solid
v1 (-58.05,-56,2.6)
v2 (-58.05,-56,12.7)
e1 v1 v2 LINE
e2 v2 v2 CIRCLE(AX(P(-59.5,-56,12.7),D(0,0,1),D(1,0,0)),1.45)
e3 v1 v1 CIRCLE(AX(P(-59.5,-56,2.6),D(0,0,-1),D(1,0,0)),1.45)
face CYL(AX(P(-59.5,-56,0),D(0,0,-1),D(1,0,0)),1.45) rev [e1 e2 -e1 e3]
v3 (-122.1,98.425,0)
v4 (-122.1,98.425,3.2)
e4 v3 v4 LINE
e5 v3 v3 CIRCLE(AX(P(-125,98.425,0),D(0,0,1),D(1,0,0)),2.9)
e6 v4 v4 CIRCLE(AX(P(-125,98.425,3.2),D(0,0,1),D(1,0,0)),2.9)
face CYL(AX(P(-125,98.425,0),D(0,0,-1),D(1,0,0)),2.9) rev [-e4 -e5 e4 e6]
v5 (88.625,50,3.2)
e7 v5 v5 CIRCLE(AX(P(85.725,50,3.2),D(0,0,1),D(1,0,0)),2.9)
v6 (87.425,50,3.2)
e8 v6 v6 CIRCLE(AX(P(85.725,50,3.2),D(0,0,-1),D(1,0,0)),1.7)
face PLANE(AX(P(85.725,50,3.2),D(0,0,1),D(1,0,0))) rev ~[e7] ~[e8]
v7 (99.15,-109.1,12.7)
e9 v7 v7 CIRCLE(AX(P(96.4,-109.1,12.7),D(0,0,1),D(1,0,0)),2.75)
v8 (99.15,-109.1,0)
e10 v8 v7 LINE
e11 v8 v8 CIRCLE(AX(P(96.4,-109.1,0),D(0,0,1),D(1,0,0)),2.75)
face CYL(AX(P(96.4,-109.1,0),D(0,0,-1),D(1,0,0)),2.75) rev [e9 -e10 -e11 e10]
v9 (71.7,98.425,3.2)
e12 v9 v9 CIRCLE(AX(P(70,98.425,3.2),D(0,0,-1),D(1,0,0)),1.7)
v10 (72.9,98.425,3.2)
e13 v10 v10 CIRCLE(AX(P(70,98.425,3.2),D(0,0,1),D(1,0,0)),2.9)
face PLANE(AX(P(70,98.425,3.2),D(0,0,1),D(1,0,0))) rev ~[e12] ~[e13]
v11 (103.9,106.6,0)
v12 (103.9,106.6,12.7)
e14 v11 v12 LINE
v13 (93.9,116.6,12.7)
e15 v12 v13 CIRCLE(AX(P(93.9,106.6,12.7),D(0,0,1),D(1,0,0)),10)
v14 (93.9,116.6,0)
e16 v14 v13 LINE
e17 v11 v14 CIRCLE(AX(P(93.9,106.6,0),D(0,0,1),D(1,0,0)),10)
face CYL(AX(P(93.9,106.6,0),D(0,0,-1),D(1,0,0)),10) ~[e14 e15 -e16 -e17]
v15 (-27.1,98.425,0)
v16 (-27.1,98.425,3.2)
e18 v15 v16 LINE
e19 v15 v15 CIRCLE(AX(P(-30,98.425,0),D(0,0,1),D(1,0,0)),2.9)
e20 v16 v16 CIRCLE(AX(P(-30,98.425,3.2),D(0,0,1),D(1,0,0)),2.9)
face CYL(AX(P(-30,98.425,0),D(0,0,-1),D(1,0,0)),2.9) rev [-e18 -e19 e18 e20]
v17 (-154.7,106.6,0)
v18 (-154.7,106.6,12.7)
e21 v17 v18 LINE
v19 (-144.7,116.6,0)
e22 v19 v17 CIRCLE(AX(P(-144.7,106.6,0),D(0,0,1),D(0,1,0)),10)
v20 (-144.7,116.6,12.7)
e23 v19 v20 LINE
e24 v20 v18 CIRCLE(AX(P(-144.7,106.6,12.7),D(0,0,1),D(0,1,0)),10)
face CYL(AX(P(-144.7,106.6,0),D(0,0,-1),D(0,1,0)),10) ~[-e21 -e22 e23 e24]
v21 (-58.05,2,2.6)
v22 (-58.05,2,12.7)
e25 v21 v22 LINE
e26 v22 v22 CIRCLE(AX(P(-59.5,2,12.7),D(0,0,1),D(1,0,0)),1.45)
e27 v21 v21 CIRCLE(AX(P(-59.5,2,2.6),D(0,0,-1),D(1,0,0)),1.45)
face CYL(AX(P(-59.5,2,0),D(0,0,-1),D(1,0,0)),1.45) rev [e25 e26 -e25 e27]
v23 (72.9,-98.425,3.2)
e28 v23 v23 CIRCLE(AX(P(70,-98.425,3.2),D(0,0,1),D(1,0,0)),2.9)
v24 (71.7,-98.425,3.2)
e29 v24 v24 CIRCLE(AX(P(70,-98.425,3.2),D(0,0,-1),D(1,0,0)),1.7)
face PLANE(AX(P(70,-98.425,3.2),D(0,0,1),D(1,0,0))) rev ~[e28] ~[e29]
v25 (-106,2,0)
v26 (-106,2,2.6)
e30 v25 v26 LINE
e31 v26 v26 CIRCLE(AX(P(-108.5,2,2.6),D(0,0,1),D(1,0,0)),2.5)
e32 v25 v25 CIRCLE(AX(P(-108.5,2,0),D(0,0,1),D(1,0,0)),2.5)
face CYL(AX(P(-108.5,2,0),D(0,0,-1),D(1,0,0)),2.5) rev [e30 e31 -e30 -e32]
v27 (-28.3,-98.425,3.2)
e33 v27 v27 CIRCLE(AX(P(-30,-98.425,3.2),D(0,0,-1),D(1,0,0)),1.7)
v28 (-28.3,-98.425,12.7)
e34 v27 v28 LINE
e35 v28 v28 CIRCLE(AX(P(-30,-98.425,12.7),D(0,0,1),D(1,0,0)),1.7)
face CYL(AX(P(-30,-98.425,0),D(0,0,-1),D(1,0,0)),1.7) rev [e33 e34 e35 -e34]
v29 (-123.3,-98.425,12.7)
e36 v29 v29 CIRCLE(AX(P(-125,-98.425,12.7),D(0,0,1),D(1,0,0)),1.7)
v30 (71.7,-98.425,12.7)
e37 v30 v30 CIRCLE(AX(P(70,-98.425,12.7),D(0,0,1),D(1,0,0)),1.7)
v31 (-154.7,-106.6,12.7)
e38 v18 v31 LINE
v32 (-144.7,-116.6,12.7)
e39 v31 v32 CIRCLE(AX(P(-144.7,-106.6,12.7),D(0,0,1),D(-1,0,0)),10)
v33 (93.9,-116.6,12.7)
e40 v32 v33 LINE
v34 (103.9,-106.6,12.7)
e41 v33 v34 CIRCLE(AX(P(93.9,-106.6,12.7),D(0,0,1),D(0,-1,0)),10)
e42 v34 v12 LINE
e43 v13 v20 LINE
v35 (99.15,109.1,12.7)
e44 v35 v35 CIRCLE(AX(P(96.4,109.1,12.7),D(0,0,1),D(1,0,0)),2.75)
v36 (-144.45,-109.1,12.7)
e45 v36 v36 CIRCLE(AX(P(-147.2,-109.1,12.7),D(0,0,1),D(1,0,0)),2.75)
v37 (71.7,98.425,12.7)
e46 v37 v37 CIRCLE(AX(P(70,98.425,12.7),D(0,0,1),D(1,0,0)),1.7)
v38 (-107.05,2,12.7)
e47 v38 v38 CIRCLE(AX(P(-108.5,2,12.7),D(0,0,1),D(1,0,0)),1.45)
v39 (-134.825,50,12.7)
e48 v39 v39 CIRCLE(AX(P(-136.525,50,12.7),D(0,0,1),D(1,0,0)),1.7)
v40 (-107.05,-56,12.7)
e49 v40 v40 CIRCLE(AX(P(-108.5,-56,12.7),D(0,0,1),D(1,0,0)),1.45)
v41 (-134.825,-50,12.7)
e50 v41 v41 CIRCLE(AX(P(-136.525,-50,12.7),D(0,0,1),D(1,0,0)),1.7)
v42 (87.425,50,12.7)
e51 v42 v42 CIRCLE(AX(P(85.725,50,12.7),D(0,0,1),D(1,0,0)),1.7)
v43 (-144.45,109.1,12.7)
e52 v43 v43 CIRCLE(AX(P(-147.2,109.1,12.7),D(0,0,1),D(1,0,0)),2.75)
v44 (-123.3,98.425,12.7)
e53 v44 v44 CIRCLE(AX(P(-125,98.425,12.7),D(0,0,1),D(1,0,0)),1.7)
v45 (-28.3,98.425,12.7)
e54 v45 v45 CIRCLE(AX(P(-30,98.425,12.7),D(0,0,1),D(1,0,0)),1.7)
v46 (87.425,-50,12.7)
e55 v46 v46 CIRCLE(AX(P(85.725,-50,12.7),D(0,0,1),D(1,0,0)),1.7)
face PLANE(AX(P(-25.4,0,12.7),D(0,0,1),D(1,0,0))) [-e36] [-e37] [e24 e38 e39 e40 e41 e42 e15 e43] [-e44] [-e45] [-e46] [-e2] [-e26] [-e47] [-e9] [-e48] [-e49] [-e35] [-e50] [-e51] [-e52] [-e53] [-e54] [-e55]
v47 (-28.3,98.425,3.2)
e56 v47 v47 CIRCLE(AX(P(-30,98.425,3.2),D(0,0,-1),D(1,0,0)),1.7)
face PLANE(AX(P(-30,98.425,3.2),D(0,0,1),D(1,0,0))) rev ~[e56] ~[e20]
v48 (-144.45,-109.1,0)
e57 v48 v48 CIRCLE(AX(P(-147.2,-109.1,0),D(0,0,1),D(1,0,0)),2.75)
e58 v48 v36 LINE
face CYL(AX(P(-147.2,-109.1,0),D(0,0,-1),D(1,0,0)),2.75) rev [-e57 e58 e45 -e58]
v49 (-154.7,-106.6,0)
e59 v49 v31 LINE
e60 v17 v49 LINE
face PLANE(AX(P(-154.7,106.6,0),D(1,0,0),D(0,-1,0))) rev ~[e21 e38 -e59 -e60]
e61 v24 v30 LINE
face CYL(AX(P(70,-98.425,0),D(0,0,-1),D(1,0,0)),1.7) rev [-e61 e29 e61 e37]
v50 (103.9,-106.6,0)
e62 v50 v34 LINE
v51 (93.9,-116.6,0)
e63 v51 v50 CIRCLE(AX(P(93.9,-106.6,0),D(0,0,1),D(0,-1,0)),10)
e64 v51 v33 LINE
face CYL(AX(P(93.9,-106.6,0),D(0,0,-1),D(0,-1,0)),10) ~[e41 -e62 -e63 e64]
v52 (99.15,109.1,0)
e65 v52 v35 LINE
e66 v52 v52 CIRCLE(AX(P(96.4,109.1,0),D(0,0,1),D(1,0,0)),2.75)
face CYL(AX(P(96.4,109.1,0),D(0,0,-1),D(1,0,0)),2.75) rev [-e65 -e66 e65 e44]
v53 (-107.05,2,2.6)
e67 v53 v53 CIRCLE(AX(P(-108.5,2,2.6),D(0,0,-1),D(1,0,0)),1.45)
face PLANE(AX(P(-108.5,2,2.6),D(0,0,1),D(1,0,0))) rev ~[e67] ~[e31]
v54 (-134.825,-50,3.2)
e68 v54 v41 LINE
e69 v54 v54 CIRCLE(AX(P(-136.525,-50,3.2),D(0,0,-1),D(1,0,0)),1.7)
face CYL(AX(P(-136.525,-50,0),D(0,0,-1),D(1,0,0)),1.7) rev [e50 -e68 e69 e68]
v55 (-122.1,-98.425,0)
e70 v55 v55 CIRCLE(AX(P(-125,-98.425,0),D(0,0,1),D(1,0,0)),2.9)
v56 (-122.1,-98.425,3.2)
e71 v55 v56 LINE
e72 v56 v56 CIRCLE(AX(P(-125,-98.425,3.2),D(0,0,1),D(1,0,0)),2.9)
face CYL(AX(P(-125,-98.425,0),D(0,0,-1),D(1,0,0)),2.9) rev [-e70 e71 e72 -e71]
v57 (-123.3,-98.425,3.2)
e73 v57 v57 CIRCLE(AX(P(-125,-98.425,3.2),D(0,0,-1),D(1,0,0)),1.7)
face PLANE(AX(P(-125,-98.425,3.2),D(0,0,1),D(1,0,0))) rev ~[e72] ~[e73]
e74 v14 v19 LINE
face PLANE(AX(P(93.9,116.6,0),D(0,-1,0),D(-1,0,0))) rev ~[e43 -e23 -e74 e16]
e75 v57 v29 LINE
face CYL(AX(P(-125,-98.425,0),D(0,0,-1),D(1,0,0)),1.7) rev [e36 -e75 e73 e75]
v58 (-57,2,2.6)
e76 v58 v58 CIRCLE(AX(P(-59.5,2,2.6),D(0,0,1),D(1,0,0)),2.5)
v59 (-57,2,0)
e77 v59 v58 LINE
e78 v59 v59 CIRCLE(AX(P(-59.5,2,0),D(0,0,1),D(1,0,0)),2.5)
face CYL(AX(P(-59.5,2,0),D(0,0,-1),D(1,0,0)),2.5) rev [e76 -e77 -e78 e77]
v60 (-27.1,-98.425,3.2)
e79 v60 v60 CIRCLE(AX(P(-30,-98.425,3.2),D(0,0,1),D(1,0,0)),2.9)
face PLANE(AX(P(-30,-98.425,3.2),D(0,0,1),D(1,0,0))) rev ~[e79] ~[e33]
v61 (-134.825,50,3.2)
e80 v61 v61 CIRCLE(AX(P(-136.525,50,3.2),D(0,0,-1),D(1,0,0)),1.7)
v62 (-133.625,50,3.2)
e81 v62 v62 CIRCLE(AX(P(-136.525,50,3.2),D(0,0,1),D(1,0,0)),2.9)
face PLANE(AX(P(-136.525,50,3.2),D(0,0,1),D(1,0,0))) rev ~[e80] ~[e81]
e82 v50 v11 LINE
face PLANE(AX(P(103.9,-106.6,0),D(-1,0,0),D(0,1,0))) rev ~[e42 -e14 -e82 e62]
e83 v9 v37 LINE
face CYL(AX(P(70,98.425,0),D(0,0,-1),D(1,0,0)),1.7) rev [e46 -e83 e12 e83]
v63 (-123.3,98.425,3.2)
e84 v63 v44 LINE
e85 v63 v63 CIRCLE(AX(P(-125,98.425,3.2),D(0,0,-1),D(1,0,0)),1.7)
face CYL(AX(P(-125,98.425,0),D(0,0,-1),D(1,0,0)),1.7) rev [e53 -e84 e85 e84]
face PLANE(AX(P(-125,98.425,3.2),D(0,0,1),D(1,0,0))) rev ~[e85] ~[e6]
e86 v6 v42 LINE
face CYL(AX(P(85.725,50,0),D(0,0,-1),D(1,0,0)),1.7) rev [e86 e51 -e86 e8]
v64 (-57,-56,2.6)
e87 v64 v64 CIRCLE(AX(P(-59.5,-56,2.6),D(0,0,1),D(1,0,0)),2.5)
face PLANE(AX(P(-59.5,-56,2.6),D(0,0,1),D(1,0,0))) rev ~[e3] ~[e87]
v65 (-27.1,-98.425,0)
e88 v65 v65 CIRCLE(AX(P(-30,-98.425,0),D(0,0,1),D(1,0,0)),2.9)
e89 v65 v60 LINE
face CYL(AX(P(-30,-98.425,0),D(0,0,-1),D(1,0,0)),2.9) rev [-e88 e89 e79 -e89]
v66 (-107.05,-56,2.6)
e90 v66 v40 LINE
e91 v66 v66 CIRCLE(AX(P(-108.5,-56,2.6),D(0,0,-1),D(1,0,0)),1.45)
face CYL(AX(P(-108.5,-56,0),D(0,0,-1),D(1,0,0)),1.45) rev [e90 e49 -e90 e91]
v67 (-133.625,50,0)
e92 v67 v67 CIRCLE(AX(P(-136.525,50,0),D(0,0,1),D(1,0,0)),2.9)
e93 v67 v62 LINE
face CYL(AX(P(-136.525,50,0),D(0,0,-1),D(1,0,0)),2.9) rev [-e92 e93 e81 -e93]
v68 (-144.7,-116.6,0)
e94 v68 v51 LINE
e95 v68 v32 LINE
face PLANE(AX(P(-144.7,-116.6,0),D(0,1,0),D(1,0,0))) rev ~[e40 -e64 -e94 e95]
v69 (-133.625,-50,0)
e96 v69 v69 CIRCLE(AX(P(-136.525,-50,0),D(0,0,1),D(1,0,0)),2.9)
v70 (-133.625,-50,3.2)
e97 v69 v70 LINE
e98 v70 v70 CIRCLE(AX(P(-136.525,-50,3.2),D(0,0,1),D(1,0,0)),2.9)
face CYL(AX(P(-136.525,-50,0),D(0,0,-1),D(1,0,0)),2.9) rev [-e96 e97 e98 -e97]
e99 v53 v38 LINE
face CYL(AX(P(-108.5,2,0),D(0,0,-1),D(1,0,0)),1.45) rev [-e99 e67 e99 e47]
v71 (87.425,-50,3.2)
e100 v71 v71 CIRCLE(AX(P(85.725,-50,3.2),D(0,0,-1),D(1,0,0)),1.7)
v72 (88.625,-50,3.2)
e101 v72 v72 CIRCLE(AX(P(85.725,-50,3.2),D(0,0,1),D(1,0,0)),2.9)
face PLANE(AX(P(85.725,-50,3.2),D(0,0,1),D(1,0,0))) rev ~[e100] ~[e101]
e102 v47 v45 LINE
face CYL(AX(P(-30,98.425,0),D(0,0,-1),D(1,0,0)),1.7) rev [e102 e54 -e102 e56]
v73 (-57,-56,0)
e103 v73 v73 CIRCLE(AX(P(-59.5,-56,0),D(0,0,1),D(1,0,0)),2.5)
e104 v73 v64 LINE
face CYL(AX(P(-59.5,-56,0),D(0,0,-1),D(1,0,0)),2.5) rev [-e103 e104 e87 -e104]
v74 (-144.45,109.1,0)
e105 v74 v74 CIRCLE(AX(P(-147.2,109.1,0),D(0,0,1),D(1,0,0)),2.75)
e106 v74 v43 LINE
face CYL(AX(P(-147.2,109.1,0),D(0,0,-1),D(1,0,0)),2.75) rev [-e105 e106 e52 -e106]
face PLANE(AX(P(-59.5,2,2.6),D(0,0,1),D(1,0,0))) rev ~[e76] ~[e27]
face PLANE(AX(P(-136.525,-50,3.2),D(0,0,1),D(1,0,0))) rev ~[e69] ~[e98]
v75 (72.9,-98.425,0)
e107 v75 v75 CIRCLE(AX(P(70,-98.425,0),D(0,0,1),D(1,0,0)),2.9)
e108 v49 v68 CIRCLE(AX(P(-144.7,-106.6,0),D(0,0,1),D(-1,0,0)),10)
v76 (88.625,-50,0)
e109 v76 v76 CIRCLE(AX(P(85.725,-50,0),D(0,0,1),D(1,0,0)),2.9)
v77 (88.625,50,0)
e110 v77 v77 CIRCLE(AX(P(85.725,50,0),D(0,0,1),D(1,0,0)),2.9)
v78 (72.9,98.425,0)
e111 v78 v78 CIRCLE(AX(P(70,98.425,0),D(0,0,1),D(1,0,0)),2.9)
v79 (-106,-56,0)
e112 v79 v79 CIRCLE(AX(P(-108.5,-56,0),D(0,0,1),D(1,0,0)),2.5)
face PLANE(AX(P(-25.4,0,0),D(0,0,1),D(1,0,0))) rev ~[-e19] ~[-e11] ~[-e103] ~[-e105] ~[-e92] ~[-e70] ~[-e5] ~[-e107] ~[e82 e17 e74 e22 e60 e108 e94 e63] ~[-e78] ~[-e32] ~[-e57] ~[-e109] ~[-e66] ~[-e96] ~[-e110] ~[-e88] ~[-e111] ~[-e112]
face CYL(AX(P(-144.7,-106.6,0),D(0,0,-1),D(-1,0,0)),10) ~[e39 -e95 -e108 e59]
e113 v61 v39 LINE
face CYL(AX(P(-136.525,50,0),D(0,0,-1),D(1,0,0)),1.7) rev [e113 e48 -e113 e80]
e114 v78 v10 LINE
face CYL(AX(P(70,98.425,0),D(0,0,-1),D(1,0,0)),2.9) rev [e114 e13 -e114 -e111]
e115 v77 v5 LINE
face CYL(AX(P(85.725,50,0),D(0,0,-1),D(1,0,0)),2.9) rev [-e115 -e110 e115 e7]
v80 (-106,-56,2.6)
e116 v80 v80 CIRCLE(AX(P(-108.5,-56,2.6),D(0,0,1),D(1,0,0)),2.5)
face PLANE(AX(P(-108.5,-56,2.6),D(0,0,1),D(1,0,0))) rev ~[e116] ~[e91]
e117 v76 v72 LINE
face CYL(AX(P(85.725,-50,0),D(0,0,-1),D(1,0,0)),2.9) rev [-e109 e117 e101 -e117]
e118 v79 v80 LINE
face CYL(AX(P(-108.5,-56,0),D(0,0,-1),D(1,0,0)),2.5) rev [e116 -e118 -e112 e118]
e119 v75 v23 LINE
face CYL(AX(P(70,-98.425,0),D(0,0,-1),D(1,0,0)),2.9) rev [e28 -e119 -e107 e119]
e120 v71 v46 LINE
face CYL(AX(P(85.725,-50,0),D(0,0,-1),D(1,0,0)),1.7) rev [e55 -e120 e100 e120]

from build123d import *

# Parameters (mm, degrees)
PLACA_INFERIOR_1_2IN_DEPTH              = 12.7
CROQUIS20_R                             = 2.75
ANCLAJES_4XM5_DEPTH                     = 12.7
CROQUIS21_R                             = 1.7
CROQUIS21_R_2                           = 1.45
BARRENOS_M3_PAREDES_Y_M2_5_POSTES_DEPTH = 12.7
CROQUIS22_R                             = 2.9
REFRENTADO_M3_INFERIOR_DEPTH            = 3.2
CROQUIS23_R                             = 2.5
REFRENTADO_M2_5_INFERIOR_DEPTH          = 2.6


with BuildPart() as part:
    # Croquis19 → Placa_inferior_1-2in (new body)
    with BuildSketch(Plane.XY):
        with BuildLine():
            Line((-144.7, -116.6), (93.9, -116.6))
            ThreePointArc((93.9, -116.6), (100.971067812, -113.671067812), (103.9, -106.6))
            Line((103.9, -106.6), (103.9, 106.6))
            ThreePointArc((103.9, 106.6), (100.971067812, 113.671067812), (93.9, 116.6))
            Line((93.9, 116.6), (-144.7, 116.6))
            ThreePointArc((-144.7, 116.6), (-151.771067812, 113.671067812), (-154.7, 106.6))
            Line((-154.7, 106.6), (-154.7, -106.6))
            ThreePointArc((-154.7, -106.6), (-151.771067812, -113.671067812), (-144.7, -116.6))
        make_face()
    extrude(amount=PLACA_INFERIOR_1_2IN_DEPTH)

    # Croquis20 → Anclajes_4xM5 (cut)
    with BuildSketch(Plane.XY):
        with Locations((-147.2, -109.1)):
            Circle(CROQUIS20_R)
        with Locations((-147.2, 109.1)):
            Circle(CROQUIS20_R)
        with Locations((96.4, -109.1)):
            Circle(CROQUIS20_R)
        with Locations((96.4, 109.1)):
            Circle(CROQUIS20_R)
    extrude(amount=ANCLAJES_4XM5_DEPTH, mode=Mode.SUBTRACT)

    # Croquis21 → Barrenos_M3_paredes_y_M2-5_postes (cut)
    with BuildSketch(Plane.XY):
        with Locations((-125, 98.425)):
            Circle(CROQUIS21_R)
        with Locations((-125, -98.425)):
            Circle(CROQUIS21_R)
        with Locations((-30, 98.425)):
            Circle(CROQUIS21_R)
        with Locations((-30, -98.425)):
            Circle(CROQUIS21_R)
        with Locations((70, 98.425)):
            Circle(CROQUIS21_R)
        with Locations((70, -98.425)):
            Circle(CROQUIS21_R)
        with Locations((-136.525, -50)):
            Circle(CROQUIS21_R)
        with Locations((-136.525, 50)):
            Circle(CROQUIS21_R)
        with Locations((85.725, -50)):
            Circle(CROQUIS21_R)
        with Locations((85.725, 50)):
            Circle(CROQUIS21_R)
        with Locations((-108.5, -56)):
            Circle(CROQUIS21_R_2)
        with Locations((-108.5, 2)):
            Circle(CROQUIS21_R_2)
        with Locations((-59.5, -56)):
            Circle(CROQUIS21_R_2)
        with Locations((-59.5, 2)):
            Circle(CROQUIS21_R_2)
    extrude(amount=BARRENOS_M3_PAREDES_Y_M2_5_POSTES_DEPTH, mode=Mode.SUBTRACT)

    # Croquis22 → Refrentado_M3_inferior (cut)
    with BuildSketch(Plane.XY):
        with Locations((-125, 98.425)):
            Circle(CROQUIS22_R)
        with Locations((-125, -98.425)):
            Circle(CROQUIS22_R)
        with Locations((-30, 98.425)):
            Circle(CROQUIS22_R)
        with Locations((-30, -98.425)):
            Circle(CROQUIS22_R)
        with Locations((70, 98.425)):
            Circle(CROQUIS22_R)
        with Locations((70, -98.425)):
            Circle(CROQUIS22_R)
        with Locations((-136.525, -50)):
            Circle(CROQUIS22_R)
        with Locations((-136.525, 50)):
            Circle(CROQUIS22_R)
        with Locations((85.725, -50)):
            Circle(CROQUIS22_R)
        with Locations((85.725, 50)):
            Circle(CROQUIS22_R)
    extrude(amount=REFRENTADO_M3_INFERIOR_DEPTH, mode=Mode.SUBTRACT)

    # Croquis23 → Refrentado_M2-5_inferior (cut)
    with BuildSketch(Plane.XY):
        with Locations((-108.5, -56)):
            Circle(CROQUIS23_R)
        with Locations((-108.5, 2)):
            Circle(CROQUIS23_R)
        with Locations((-59.5, -56)):
            Circle(CROQUIS23_R)
        with Locations((-59.5, 2)):
            Circle(CROQUIS23_R)
    extrude(amount=REFRENTADO_M2_5_INFERIOR_DEPTH, mode=Mode.SUBTRACT)


solid = part.part
